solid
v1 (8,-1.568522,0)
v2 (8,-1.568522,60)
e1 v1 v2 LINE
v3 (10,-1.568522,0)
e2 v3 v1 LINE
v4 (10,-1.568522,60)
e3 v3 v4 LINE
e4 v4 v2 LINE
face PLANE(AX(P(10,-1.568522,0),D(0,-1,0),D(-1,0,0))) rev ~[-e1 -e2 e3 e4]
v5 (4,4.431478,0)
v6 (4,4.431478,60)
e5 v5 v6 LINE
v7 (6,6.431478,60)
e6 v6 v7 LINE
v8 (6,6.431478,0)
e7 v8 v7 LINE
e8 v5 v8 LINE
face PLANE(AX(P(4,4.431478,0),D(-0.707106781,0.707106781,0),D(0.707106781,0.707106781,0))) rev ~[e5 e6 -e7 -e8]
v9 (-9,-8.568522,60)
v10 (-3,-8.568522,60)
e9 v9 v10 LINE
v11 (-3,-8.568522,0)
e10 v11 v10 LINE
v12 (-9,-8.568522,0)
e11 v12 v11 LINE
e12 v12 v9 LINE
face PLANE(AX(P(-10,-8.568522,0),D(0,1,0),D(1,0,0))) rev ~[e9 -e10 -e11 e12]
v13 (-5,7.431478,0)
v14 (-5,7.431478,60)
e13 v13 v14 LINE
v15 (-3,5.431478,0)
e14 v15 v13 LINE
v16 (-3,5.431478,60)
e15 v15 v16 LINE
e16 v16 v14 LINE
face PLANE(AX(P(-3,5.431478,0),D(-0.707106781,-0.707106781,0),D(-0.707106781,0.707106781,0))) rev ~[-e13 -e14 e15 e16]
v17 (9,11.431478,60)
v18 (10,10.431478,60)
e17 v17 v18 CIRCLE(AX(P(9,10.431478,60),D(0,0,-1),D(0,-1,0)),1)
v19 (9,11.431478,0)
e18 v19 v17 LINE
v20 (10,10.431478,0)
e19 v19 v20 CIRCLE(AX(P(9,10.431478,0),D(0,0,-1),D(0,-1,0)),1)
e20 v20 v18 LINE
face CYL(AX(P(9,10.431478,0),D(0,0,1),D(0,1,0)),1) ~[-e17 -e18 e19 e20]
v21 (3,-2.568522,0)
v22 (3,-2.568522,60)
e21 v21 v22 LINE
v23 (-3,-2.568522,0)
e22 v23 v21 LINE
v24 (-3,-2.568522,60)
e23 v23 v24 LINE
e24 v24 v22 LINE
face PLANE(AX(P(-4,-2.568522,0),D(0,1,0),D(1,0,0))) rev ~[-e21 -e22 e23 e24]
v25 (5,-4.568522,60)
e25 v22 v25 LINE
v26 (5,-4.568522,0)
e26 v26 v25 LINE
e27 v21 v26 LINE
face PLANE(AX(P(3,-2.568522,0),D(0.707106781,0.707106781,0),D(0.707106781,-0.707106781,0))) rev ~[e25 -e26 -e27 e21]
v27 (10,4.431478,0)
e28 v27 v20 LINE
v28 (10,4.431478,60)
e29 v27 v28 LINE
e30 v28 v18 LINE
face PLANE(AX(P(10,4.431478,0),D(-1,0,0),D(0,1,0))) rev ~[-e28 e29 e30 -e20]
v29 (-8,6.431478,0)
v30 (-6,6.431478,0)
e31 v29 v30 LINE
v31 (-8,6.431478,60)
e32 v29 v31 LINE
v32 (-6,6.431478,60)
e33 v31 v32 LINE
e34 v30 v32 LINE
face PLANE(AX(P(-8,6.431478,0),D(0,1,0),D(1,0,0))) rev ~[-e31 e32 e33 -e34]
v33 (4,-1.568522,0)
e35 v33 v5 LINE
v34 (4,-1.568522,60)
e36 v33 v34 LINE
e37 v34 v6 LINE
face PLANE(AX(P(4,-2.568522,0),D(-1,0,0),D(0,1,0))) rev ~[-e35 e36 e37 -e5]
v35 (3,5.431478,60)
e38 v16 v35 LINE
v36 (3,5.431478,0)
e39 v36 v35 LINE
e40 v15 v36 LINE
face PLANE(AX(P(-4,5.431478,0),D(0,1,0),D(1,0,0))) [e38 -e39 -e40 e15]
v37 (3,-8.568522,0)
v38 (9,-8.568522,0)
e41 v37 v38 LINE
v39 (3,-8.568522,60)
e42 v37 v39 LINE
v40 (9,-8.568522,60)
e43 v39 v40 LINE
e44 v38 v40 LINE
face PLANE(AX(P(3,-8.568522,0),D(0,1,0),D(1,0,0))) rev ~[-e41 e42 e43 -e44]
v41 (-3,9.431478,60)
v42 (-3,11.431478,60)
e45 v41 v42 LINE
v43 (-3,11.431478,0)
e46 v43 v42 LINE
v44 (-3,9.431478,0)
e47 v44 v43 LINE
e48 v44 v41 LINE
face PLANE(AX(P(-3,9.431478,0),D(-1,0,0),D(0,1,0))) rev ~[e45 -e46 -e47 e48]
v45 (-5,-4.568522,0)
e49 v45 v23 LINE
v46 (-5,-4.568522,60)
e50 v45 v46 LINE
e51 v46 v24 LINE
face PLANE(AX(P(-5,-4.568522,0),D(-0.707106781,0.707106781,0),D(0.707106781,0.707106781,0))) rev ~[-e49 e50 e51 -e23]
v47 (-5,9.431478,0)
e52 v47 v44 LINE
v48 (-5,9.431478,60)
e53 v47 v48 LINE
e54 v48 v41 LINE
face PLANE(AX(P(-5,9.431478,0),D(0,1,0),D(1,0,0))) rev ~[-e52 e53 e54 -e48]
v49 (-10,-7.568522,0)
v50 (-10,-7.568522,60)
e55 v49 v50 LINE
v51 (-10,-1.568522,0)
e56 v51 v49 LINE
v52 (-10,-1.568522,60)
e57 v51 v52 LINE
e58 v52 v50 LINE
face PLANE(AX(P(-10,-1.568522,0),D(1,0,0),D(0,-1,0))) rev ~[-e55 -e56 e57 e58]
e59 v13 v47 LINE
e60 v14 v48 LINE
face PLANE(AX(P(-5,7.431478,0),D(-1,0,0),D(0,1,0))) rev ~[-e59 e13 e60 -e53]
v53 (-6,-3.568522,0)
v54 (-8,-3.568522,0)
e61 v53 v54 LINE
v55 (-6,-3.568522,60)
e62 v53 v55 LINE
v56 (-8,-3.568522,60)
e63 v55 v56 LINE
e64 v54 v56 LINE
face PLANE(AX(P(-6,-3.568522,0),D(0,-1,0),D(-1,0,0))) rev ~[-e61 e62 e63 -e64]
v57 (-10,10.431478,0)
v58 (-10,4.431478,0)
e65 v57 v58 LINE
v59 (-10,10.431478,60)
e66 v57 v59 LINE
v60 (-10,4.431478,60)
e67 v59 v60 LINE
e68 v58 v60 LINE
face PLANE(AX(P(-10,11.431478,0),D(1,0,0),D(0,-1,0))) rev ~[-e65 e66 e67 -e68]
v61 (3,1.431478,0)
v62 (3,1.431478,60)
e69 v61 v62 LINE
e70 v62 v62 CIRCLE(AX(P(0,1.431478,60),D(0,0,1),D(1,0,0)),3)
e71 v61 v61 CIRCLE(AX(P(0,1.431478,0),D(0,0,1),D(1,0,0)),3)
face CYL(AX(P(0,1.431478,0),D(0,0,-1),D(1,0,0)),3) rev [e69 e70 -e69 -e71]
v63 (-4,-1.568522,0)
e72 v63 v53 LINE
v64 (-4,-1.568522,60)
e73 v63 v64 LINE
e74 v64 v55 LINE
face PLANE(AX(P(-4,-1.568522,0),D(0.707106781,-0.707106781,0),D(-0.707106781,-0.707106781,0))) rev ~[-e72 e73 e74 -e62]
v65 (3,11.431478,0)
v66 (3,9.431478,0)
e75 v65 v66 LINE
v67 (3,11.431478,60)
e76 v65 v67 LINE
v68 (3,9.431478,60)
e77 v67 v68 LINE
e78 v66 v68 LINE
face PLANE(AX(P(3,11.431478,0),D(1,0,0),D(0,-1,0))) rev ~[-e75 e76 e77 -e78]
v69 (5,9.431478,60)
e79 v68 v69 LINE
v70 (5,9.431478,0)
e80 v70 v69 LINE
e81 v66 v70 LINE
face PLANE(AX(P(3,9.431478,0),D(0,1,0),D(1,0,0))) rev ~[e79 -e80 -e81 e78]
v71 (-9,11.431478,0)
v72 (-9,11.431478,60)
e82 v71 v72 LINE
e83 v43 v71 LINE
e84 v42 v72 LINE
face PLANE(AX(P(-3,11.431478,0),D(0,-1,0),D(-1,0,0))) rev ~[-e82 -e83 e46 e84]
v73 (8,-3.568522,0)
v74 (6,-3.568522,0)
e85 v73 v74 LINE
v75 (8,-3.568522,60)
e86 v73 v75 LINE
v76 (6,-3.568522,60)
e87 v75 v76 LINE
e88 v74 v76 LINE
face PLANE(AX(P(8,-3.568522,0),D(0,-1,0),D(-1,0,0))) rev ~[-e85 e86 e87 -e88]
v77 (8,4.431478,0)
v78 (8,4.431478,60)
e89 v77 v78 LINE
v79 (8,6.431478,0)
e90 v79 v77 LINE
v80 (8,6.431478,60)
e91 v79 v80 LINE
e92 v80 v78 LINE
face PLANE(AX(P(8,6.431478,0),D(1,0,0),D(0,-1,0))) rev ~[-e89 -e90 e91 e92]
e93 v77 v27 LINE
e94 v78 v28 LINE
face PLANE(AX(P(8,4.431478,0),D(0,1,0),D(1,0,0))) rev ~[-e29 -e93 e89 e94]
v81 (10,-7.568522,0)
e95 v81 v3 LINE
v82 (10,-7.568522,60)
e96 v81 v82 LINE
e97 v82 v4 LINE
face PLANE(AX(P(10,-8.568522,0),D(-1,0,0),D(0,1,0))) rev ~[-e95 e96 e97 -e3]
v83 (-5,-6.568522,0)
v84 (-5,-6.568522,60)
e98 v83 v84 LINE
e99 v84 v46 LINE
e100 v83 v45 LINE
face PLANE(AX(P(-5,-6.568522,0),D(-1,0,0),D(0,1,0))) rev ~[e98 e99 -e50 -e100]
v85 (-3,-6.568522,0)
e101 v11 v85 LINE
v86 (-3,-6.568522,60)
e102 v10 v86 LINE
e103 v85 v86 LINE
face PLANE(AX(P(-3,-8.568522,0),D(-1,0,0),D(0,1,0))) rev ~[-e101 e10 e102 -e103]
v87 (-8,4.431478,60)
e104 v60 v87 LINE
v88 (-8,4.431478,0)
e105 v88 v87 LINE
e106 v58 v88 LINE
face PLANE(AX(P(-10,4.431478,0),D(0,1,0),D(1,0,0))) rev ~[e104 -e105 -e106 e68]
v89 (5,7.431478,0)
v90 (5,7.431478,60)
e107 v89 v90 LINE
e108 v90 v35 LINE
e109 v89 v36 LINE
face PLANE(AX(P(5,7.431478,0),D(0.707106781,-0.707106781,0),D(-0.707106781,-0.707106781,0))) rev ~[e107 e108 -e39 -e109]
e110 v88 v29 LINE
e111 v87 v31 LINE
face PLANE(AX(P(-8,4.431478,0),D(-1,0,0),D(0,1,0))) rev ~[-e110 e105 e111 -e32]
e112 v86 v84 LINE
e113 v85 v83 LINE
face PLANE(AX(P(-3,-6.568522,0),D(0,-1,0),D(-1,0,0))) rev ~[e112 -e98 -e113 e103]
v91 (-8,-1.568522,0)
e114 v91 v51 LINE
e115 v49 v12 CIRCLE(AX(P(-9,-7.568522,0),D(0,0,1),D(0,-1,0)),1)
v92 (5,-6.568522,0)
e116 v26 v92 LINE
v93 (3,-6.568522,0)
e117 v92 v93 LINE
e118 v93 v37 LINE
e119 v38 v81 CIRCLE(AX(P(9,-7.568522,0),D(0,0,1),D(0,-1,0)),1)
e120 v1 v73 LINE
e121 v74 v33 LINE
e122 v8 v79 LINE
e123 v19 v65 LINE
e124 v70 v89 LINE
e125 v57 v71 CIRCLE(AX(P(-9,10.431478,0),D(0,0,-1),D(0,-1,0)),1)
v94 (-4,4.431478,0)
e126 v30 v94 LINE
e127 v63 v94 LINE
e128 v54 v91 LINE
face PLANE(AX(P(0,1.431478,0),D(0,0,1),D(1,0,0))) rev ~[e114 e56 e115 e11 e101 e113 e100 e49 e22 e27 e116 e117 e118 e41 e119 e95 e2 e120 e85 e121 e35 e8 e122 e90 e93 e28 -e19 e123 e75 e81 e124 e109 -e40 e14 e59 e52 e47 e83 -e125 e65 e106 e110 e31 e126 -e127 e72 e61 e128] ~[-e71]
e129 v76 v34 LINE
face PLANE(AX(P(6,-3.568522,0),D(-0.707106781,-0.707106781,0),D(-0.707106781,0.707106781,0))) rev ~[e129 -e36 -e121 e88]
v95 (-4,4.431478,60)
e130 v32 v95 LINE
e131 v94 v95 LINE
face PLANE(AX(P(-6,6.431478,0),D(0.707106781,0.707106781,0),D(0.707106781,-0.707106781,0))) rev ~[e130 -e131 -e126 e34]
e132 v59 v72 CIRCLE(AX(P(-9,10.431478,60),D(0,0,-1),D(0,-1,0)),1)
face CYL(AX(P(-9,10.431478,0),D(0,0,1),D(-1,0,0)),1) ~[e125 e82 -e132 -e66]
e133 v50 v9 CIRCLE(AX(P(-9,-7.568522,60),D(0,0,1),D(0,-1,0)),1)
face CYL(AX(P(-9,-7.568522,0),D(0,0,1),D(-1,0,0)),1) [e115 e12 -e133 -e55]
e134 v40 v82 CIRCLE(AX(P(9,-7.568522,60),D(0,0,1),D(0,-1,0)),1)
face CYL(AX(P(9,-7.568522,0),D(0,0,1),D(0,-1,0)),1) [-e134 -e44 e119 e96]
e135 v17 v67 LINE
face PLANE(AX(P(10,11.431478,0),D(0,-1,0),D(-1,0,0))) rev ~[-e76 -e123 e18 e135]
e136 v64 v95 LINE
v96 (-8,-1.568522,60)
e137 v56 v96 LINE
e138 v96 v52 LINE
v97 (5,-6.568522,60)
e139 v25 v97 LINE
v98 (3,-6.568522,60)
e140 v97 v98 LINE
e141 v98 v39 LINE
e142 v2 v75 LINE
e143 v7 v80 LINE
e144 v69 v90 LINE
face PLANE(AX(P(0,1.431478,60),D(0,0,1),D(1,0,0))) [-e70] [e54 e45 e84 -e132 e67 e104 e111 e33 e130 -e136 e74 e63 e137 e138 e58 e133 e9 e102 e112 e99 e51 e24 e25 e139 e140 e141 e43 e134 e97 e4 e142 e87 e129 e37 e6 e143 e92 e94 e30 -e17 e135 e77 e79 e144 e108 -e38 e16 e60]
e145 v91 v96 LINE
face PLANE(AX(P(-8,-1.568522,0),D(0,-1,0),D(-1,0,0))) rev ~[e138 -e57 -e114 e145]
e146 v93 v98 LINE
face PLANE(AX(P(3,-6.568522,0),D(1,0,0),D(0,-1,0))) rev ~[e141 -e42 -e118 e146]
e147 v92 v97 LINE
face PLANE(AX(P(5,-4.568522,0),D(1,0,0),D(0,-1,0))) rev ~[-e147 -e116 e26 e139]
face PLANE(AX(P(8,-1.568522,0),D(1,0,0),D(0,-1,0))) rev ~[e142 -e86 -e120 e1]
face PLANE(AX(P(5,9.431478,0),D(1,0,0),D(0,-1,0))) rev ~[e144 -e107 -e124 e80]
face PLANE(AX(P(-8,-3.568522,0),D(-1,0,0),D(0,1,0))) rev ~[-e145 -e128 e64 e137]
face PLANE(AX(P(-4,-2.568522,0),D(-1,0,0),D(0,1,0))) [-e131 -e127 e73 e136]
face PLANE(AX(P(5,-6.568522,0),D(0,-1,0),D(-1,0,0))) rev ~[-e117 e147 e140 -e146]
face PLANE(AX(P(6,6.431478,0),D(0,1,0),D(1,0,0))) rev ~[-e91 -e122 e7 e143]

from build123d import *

# Parameters (mm, degrees)
SKETCH_1_W      = 8
SKETCH_1_H      = 8
SKETCH_1_R      = 3
EXTRUDE_1_DEPTH = 60
FILLET_2_R      = 1


with BuildPart() as part:
    # 草图1 → 凸台-拉伸1 (new body)
    # profile 1 of 6: a face of its own
    with BuildSketch(Plane.XY):
        Polygon((10, 11.431478203), (3, 11.431478203), (3, 9.431478203), (5, 9.431478203), (5, 7.431478203), (3, 5.431478203), (4, 5.431478203), (4, 4.431478203), (6, 6.431478203), (8, 6.431478203), (8, 4.431478203), (10, 4.431478203), align=None)
    # profile 2 of 6: a face of its own
    with BuildSketch(Plane.XY):
        Polygon((3, -6.568521797), (3, -8.568521797), (10, -8.568521797), (10, -1.568521797), (8, -1.568521797), (8, -3.568521797), (6, -3.568521797), (4, -1.568521797), (4, -2.568521797), (3, -2.568521797), (5, -4.568521797), (5, -6.568521797), align=None)
    # profile 3 of 6: a face of its own
    with BuildSketch(Plane.XY):
        Polygon((-8, -1.568521797), (-10, -1.568521797), (-10, -8.568521797), (-3, -8.568521797), (-3, -6.568521797), (-5, -6.568521797), (-5, -4.568521797), (-3, -2.568521797), (-4, -2.568521797), (-4, -1.568521797), (-6, -3.568521797), (-8, -3.568521797), align=None)
    # profile 4 of 6: a face of its own
    with BuildSketch(Plane.XY):
        Polygon((-3, 11.431478203), (-10, 11.431478203), (-4, 5.431478203), (-3, 5.431478203), (-5, 7.431478203), (-5, 9.431478203), (-3, 9.431478203), align=None)
    # profile 5 of 6: a face of its own
    with BuildSketch(Plane.XY):
        Polygon((-10, 11.431478203), (-10, 4.431478203), (-8, 4.431478203), (-8, 6.431478203), (-6, 6.431478203), (-4, 4.431478203), (-4, 5.431478203), align=None)
    # profile 6 of 6: a face of its own
    with BuildSketch(Plane.XY):
        with Locations((0, 1.431478203)):
            Rectangle(SKETCH_1_W, SKETCH_1_H)
        with Locations((0, 1.431478203)):
            Circle(SKETCH_1_R, mode=Mode.SUBTRACT)
    extrude(amount=EXTRUDE_1_DEPTH)

    # 圆角2
    fillet_2_edges = [part.edges().sort_by_distance(p)[0] for p in [
        (10, 11.431478203, 30),
        (10, -8.568521797, 30),
        (-10, -8.568521797, 30),
        (-10, 11.431478203, 30),
    ]]
    fillet(fillet_2_edges, radius=FILLET_2_R)


solid = part.part
